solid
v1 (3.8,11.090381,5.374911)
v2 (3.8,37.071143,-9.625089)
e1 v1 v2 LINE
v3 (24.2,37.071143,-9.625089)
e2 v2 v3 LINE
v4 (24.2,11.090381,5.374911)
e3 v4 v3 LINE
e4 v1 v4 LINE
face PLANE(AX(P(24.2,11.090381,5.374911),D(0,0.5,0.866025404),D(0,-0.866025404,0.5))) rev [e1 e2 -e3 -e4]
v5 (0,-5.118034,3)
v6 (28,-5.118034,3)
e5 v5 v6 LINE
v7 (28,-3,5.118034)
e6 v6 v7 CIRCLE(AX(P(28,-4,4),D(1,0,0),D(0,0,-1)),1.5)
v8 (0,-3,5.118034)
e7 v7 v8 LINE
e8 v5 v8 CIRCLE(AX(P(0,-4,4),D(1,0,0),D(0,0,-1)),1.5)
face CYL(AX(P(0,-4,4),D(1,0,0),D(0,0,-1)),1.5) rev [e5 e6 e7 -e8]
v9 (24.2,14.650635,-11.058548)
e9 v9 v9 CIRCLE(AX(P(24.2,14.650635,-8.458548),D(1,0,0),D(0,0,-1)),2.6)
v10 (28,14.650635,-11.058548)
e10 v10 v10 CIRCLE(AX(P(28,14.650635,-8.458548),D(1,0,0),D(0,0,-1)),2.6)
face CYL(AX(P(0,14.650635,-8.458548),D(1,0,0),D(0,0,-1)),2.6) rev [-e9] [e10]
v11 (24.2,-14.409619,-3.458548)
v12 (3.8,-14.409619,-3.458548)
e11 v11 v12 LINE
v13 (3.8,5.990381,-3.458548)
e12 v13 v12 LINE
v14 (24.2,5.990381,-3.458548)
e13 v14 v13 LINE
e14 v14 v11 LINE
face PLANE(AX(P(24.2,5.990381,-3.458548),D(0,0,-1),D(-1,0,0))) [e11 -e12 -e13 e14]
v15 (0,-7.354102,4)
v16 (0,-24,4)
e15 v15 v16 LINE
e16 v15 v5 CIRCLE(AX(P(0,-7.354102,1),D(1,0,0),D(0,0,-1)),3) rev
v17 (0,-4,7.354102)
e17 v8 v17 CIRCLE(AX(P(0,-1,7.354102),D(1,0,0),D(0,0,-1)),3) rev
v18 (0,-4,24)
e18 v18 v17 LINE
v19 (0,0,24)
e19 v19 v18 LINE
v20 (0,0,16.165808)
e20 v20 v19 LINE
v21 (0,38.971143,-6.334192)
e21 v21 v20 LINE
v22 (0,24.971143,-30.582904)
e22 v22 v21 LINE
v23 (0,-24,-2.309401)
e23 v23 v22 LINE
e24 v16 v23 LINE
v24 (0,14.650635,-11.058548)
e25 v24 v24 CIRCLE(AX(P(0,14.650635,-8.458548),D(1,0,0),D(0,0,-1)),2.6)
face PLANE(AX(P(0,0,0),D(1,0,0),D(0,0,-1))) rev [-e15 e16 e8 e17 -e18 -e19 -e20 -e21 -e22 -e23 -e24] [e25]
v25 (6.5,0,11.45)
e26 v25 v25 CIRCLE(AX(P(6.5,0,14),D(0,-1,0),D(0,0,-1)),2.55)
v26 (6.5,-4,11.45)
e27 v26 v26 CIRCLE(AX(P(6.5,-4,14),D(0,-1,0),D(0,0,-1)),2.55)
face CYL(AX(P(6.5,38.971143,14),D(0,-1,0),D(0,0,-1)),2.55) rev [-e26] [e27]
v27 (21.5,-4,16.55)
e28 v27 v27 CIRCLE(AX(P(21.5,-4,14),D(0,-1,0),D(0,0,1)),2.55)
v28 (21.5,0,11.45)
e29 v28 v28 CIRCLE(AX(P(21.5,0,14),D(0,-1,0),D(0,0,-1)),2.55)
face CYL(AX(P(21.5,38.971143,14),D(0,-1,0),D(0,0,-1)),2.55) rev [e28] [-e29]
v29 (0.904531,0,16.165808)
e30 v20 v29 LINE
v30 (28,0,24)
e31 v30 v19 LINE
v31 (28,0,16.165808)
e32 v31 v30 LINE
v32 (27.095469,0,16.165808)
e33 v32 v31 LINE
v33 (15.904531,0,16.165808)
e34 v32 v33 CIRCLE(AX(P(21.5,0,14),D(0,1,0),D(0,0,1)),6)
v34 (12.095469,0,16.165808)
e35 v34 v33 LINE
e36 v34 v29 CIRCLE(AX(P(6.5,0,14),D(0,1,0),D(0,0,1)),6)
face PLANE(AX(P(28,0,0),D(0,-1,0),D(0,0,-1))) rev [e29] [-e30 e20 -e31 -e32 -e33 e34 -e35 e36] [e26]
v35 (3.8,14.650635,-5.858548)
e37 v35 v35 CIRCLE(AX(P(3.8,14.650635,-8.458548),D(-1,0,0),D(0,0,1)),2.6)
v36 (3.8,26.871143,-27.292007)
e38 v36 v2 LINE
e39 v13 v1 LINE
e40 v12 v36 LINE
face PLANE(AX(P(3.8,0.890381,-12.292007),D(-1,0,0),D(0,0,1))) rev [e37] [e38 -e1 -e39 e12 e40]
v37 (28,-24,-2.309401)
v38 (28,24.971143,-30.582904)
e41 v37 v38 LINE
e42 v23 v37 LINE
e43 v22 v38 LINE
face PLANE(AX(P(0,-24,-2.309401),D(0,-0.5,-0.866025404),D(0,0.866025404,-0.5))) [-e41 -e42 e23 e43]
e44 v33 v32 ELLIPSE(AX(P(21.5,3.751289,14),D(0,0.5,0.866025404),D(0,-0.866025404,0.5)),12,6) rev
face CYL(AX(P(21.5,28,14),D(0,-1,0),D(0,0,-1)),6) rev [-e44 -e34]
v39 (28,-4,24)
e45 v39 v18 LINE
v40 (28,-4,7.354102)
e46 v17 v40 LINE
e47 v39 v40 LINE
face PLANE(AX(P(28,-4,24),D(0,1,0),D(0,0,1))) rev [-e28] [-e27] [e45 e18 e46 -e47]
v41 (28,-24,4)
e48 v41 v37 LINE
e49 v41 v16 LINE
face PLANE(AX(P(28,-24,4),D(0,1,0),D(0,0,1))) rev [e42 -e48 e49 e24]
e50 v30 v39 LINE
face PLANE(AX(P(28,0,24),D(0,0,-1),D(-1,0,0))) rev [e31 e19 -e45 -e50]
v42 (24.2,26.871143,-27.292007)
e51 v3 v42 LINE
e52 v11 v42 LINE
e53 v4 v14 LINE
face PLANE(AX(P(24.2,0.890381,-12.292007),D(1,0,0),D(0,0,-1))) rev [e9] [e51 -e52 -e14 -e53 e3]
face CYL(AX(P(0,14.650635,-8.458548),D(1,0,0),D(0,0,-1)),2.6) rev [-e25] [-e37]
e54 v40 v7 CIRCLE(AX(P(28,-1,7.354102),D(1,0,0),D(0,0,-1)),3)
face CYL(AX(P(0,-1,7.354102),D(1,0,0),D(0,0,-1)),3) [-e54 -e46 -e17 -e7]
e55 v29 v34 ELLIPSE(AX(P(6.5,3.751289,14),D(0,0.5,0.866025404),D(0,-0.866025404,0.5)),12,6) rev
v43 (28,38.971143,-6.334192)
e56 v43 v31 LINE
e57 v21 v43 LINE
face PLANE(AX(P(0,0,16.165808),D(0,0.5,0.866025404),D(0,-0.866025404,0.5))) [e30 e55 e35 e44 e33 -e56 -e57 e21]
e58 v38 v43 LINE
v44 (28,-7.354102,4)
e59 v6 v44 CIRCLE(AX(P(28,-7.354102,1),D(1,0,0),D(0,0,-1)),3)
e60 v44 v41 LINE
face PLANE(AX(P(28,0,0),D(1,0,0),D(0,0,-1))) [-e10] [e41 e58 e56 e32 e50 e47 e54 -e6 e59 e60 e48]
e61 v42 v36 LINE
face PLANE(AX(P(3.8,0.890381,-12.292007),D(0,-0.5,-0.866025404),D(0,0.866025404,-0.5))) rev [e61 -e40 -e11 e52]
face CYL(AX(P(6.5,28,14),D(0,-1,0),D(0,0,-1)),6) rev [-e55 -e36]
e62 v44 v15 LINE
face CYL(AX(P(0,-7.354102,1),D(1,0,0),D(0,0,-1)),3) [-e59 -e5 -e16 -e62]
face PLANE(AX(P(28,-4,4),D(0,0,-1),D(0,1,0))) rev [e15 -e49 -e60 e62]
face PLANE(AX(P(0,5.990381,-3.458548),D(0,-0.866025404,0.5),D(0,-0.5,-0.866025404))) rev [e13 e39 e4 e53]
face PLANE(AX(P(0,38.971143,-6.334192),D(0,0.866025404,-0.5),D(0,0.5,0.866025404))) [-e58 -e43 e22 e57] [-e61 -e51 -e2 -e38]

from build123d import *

# Parameters (mm, degrees)
BOSS_EXTRUDE1_DEPTH = 28
BOSS_EXTRUDE2_DEPTH = 28
SKETCH3_R           = 2.55
CUT_EXTRUDE1_DEPTH  = 60.714597447
SKETCH4_R           = 6
CUT_EXTRUDE2_DEPTH  = 28
SKETCH5_W           = 20.4
SKETCH5_H           = 20.4
CUT_EXTRUDE3_DEPTH  = 30
CUT_EXTRUDE4_DEPTH  = 20.4
SKETCH7_R           = 2.6
CUT_EXTRUDE5_DEPTH  = 57.903989341
SKETCH8_R           = 1.5
CUT_EXTRUDE6_DEPTH  = 57.903989341
FILLET2_R           = 3


with BuildPart() as part:
    # Sketch1 → Boss-Extrude1 (new body)
    with BuildSketch(Plane(origin=(0, 0, 0), x_dir=(0, 0, -1), z_dir=(1, 0, 0))):
        Polygon((0, 0), (-24, 0), (-24, -4), (-4, -4), (-4, -24), (0, -24), align=None)
    extrude(amount=BOSS_EXTRUDE1_DEPTH)

    # Sketch2 → Boss-Extrude2 (add)
    with BuildSketch(Plane(origin=(28, 0, 0), x_dir=(0, 0, -1), z_dir=(1, 0, 0))):
        Polygon((2.309401077, -24), (30.582903769, 24.97114317), (6.334192463, 38.97114317), (-16.165807537, 0), (0, 0), (0, -24), align=None)
    extrude(amount=-BOSS_EXTRUDE2_DEPTH)

    # Sketch3 → Cut-Extrude1 (cut, through all)
    with BuildSketch(Plane.XZ.offset(4)):
        with Locations(Location((6.5, 14, 0), (0, 0, 270))):
            Circle(SKETCH3_R)
        with Locations(Location((21.5, 14, 0), (0, 0, 121.860446245))):
            Circle(SKETCH3_R)
    extrude(amount=-CUT_EXTRUDE1_DEPTH, mode=Mode.SUBTRACT)

    # Sketch4 → Cut-Extrude2 (cut)
    with BuildSketch(Plane(origin=(0, 0, 0), x_dir=(1, 0, 0), z_dir=(0, 1, 0))):
        with Locations((6.5, -14)):
            Circle(SKETCH4_R)
        with Locations((21.5, -14)):
            Circle(SKETCH4_R)
    extrude(amount=CUT_EXTRUDE2_DEPTH, mode=Mode.SUBTRACT)

    # Sketch5 → Cut-Extrude3 (cut)
    with BuildSketch(Plane(origin=(0, 31.97114317, -18.458548116), x_dir=(1, 0, 0), z_dir=(0, 0.8660254037844402, -0.49999999999999767))):
        with Locations((14, 0)):
            Rectangle(SKETCH5_W, SKETCH5_H)
    extrude(amount=-CUT_EXTRUDE3_DEPTH, mode=Mode.SUBTRACT)

    # Sketch6 → Cut-Extrude4 (cut)
    with BuildSketch(Plane(origin=(3.8, 0, 0), x_dir=(0, 0, -1), z_dir=(1, 0, 0))):
        Polygon((12.292007234, 0.890381057), (3.458548116, 5.990381057), (3.458548116, -14.409618943), align=None)
    extrude(amount=CUT_EXTRUDE4_DEPTH, mode=Mode.SUBTRACT)

    # Sketch7 → Cut-Extrude5 (cut, through all)
    with BuildSketch(Plane(origin=(28, 0, 0), x_dir=(0, 0, -1), z_dir=(1, 0, 0))):
        with Locations((8.458548116, 14.650635095)):
            Circle(SKETCH7_R)
    extrude(amount=-CUT_EXTRUDE5_DEPTH, mode=Mode.SUBTRACT)

    # Sketch8 → Cut-Extrude6 (cut, through all)
    with BuildSketch(Plane(origin=(28, 0, 0), x_dir=(0, 0, -1), z_dir=(1, 0, 0))):
        with Locations((-4, -4)):
            Circle(SKETCH8_R)
    extrude(amount=-CUT_EXTRUDE6_DEPTH, mode=Mode.SUBTRACT)

    # Fillet2
    fillet2_edges = [part.edges().sort_by_distance(p)[0] for p in [
        (14, -4, 5.5),
        (14, -5.5, 4),
    ]]
    fillet(fillet2_edges, radius=FILLET2_R)


solid = part.part
